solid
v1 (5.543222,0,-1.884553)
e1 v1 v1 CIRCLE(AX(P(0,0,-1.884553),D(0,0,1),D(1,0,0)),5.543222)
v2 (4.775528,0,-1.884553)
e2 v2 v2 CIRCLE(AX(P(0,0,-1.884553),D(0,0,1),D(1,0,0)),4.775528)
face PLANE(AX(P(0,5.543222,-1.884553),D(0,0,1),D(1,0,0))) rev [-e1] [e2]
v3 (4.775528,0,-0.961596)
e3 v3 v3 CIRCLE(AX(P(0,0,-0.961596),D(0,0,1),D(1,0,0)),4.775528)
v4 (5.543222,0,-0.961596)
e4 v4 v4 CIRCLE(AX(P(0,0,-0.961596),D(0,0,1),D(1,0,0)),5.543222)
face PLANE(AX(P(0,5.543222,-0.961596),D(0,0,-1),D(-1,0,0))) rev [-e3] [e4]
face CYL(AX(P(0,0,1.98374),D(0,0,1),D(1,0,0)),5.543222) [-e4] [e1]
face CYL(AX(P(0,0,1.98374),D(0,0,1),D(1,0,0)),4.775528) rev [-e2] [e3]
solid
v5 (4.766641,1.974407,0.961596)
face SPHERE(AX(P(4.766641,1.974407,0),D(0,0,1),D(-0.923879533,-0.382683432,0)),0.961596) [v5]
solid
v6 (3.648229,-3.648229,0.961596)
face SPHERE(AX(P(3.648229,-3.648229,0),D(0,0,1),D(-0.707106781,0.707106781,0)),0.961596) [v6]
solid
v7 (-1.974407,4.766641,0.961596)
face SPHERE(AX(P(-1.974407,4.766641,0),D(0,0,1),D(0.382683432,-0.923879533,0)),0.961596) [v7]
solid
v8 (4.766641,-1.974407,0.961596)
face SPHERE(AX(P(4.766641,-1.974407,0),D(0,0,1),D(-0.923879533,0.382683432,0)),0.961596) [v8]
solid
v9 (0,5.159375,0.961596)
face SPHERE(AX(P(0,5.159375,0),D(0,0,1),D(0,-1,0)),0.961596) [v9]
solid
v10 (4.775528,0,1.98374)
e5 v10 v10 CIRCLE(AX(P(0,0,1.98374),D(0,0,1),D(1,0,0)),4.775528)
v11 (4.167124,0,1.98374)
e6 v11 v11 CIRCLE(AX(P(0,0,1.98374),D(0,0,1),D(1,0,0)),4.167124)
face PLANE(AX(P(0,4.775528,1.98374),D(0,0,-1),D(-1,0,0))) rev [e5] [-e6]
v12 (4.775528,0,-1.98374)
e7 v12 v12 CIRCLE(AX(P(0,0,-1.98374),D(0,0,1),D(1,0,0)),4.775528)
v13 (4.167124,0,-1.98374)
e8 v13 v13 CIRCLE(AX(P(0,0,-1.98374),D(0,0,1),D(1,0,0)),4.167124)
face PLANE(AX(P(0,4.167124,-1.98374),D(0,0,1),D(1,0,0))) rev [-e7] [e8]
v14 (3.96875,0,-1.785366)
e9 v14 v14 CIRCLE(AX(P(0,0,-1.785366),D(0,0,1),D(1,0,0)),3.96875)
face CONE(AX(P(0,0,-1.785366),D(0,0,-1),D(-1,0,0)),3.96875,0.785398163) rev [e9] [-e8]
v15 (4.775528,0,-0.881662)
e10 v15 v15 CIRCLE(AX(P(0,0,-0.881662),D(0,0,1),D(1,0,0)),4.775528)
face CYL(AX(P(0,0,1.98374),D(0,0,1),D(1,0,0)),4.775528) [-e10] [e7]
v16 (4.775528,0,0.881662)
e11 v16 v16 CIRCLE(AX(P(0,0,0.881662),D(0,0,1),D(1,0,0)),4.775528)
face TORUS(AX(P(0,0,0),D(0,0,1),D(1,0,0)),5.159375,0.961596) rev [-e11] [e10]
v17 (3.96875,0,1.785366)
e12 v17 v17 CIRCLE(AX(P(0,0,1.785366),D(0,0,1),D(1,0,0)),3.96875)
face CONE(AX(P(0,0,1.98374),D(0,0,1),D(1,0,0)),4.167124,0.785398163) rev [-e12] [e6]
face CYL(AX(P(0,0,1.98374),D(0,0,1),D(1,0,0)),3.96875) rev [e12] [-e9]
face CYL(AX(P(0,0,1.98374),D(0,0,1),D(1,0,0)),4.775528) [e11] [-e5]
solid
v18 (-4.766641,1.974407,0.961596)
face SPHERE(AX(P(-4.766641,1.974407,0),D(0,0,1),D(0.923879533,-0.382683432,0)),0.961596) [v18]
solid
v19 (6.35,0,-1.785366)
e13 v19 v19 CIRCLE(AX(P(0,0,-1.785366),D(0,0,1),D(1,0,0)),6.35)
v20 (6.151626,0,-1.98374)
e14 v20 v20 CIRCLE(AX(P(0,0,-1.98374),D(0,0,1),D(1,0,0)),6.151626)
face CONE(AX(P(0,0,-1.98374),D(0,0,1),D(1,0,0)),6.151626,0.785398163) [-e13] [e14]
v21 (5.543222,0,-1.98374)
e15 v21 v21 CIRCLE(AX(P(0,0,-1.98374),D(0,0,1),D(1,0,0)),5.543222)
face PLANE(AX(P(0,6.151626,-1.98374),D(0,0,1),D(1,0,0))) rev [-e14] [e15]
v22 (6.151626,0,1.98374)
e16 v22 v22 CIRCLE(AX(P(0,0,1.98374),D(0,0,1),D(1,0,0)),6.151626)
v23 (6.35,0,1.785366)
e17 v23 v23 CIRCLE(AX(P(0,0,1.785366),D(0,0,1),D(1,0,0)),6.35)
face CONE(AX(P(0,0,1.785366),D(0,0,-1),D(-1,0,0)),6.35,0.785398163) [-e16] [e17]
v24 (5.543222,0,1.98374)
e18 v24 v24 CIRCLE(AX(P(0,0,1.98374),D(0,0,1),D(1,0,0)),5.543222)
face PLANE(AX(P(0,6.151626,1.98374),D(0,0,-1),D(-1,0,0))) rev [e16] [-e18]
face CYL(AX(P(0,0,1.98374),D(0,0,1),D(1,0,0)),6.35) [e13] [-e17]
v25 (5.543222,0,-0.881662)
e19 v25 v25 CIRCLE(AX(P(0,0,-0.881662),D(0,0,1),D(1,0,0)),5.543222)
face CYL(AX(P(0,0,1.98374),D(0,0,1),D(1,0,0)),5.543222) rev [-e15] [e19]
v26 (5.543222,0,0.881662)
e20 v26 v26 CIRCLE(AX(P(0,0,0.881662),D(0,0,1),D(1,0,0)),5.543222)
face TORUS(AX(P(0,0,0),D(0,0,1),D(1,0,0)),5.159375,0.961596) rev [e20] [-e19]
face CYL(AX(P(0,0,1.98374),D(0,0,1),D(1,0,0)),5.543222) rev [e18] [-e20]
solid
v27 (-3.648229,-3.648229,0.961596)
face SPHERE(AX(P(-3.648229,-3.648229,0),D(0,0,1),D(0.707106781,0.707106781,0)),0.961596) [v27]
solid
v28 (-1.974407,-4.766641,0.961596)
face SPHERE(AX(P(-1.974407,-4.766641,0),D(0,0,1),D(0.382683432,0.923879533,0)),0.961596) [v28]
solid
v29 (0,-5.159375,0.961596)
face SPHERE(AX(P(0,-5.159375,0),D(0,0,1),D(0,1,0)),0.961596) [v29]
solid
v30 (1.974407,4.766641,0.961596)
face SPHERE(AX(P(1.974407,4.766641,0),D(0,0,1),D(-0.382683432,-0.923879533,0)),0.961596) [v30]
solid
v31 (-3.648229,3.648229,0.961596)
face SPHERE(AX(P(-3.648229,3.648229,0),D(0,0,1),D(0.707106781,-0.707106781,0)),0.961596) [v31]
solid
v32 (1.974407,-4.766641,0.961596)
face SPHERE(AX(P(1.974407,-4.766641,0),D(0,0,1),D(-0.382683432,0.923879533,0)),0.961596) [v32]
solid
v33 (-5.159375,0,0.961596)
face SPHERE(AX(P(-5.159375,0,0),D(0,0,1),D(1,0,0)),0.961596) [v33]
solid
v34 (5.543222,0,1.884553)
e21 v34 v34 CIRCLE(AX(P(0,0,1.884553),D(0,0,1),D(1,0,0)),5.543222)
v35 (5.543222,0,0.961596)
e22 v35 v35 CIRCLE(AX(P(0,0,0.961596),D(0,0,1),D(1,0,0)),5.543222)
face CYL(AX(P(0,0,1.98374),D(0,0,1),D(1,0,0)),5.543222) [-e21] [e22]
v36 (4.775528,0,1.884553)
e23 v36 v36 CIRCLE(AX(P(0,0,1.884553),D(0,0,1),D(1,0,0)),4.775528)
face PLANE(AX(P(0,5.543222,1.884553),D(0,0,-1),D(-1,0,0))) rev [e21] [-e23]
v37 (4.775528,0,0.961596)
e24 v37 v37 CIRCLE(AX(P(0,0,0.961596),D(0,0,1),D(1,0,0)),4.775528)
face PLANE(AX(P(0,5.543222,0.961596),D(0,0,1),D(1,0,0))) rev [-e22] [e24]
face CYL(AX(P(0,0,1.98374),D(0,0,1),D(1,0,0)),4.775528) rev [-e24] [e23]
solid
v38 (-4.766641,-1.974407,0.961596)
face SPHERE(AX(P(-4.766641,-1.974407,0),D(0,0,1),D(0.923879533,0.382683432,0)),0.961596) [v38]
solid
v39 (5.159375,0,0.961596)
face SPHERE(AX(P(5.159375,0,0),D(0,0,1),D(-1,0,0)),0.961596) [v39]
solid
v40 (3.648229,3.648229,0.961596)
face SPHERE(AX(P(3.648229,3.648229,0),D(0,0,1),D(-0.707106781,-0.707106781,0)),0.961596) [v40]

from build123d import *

# Parameters (mm, degrees)
CIRPATTERN1_COUNT = 16
SKETCH5_W         = 0.922957025
SKETCH5_H         = 0.767694066


with BuildPart() as part:
    # Sketch1 → Revolve1 (revolve)
    with BuildSketch(Plane(origin=(0, 0, 0), x_dir=(0, 0, -1), z_dir=(1, 0, 0))):
        with BuildLine():
            Line((1.785366, 6.35), (-1.785366, 6.35))
            Line((-1.785366, 6.35), (-1.98374, 6.151626))
            Line((-1.98374, 6.151626), (-1.98374, 5.543222033))
            Line((-1.98374, 5.543222033), (-0.881662222, 5.543222033))
            ThreePointArc((-0.881662222, 5.543222033), (0, 6.120970975), (0.881662222, 5.543222033))
            Line((0.881662222, 5.543222033), (1.98374, 5.543222033))
            Line((1.98374, 5.543222033), (1.98374, 6.151626))
            Line((1.98374, 6.151626), (1.785366, 6.35))
        make_face()
    revolve(axis=Axis((0, 0, 1.98374), (0, 0, -1)))


with BuildPart() as body_2:
    # Sketch3 → Revolve3 (revolve)
    with BuildSketch(Plane(origin=(0, 0, 0), x_dir=(0, 0, -1), z_dir=(1, 0, 0))):
        with BuildLine():
            Line((-0.881662222, 4.775527967), (-1.98374, 4.775527967))
            Line((-1.98374, 4.775527967), (-1.98374, 4.167124))
            Line((-1.98374, 4.167124), (-1.785366, 3.96875))
            Line((-1.785366, 3.96875), (1.785366, 3.96875))
            Line((1.785366, 3.96875), (1.98374, 4.167124))
            Line((1.98374, 4.167124), (1.98374, 4.775527967))
            Line((1.98374, 4.775527967), (0.881662222, 4.775527967))
            ThreePointArc((0.881662222, 4.775527967), (0, 4.197779025), (-0.881662222, 4.775527967))
        make_face()
    revolve(axis=Axis((0, 0, 1.98374), (0, 0, -1)))


with BuildPart() as body_3:
    # Sketch4 → Revolve4 (revolve)
    with BuildSketch(Plane(origin=(0, 0, 0), x_dir=(0, 0, -1), z_dir=(1, 0, 0))):
        with BuildLine():
            Line((-0.961595975, 5.159375), (0.961595975, 5.159375))
            ThreePointArc((0.961595975, 5.159375), (0, 6.120970975), (-0.961595975, 5.159375))
        make_face()
    revolve(axis=Axis((0, 5.159375, 0.961595975), (0, 0, -1)))


with BuildPart() as cirpattern1_1:
    # CirPattern1: pattern copy
    add(body_3.part.rotate(Axis((0, 0, 0), (0, 0, 1)), 1 * 360 / CIRPATTERN1_COUNT))


with BuildPart() as cirpattern1_2:
    # CirPattern1: pattern copy
    add(body_3.part.rotate(Axis((0, 0, 0), (0, 0, 1)), 2 * 360 / CIRPATTERN1_COUNT))


with BuildPart() as cirpattern1_3:
    # CirPattern1: pattern copy
    add(body_3.part.rotate(Axis((0, 0, 0), (0, 0, 1)), 3 * 360 / CIRPATTERN1_COUNT))


with BuildPart() as cirpattern1_4:
    # CirPattern1: pattern copy
    add(body_3.part.rotate(Axis((0, 0, 0), (0, 0, 1)), 4 * 360 / CIRPATTERN1_COUNT))


with BuildPart() as cirpattern1_5:
    # CirPattern1: pattern copy
    add(body_3.part.rotate(Axis((0, 0, 0), (0, 0, 1)), 5 * 360 / CIRPATTERN1_COUNT))


with BuildPart() as cirpattern1_6:
    # CirPattern1: pattern copy
    add(body_3.part.rotate(Axis((0, 0, 0), (0, 0, 1)), 6 * 360 / CIRPATTERN1_COUNT))


with BuildPart() as cirpattern1_7:
    # CirPattern1: pattern copy
    add(body_3.part.rotate(Axis((0, 0, 0), (0, 0, 1)), 7 * 360 / CIRPATTERN1_COUNT))


with BuildPart() as cirpattern1_8:
    # CirPattern1: pattern copy
    add(body_3.part.rotate(Axis((0, 0, 0), (0, 0, 1)), 8 * 360 / CIRPATTERN1_COUNT))


with BuildPart() as cirpattern1_9:
    # CirPattern1: pattern copy
    add(body_3.part.rotate(Axis((0, 0, 0), (0, 0, 1)), 9 * 360 / CIRPATTERN1_COUNT))


with BuildPart() as cirpattern1_10:
    # CirPattern1: pattern copy
    add(body_3.part.rotate(Axis((0, 0, 0), (0, 0, 1)), 10 * 360 / CIRPATTERN1_COUNT))


with BuildPart() as cirpattern1_11:
    # CirPattern1: pattern copy
    add(body_3.part.rotate(Axis((0, 0, 0), (0, 0, 1)), 11 * 360 / CIRPATTERN1_COUNT))


with BuildPart() as cirpattern1_12:
    # CirPattern1: pattern copy
    add(body_3.part.rotate(Axis((0, 0, 0), (0, 0, 1)), 12 * 360 / CIRPATTERN1_COUNT))


with BuildPart() as cirpattern1_13:
    # CirPattern1: pattern copy
    add(body_3.part.rotate(Axis((0, 0, 0), (0, 0, 1)), 13 * 360 / CIRPATTERN1_COUNT))


with BuildPart() as cirpattern1_14:
    # CirPattern1: pattern copy
    add(body_3.part.rotate(Axis((0, 0, 0), (0, 0, 1)), 14 * 360 / CIRPATTERN1_COUNT))


with BuildPart() as cirpattern1_15:
    # CirPattern1: pattern copy
    add(body_3.part.rotate(Axis((0, 0, 0), (0, 0, 1)), 15 * 360 / CIRPATTERN1_COUNT))


with BuildPart() as body_19:
    # Sketch5 → Revolve5 (revolve)
    with BuildSketch(Plane(origin=(0, 0, 0), x_dir=(0, 0, -1), z_dir=(1, 0, 0))):
        with Locations((-1.423074488, 5.159375)):
            Rectangle(SKETCH5_W, SKETCH5_H)
        with Locations((1.423074488, 5.159375)):
            Rectangle(SKETCH5_W, SKETCH5_H)
    revolve(axis=Axis((0, 0, 1.98374), (0, 0, -1)))


solid = Compound([part.part, body_2.part, body_3.part, cirpattern1_1.part, cirpattern1_2.part, cirpattern1_3.part, cirpattern1_4.part, cirpattern1_5.part, cirpattern1_6.part, cirpattern1_7.part, cirpattern1_8.part, cirpattern1_9.part, cirpattern1_10.part, cirpattern1_11.part, cirpattern1_12.part, cirpattern1_13.part, cirpattern1_14.part, cirpattern1_15.part, body_19.part])
